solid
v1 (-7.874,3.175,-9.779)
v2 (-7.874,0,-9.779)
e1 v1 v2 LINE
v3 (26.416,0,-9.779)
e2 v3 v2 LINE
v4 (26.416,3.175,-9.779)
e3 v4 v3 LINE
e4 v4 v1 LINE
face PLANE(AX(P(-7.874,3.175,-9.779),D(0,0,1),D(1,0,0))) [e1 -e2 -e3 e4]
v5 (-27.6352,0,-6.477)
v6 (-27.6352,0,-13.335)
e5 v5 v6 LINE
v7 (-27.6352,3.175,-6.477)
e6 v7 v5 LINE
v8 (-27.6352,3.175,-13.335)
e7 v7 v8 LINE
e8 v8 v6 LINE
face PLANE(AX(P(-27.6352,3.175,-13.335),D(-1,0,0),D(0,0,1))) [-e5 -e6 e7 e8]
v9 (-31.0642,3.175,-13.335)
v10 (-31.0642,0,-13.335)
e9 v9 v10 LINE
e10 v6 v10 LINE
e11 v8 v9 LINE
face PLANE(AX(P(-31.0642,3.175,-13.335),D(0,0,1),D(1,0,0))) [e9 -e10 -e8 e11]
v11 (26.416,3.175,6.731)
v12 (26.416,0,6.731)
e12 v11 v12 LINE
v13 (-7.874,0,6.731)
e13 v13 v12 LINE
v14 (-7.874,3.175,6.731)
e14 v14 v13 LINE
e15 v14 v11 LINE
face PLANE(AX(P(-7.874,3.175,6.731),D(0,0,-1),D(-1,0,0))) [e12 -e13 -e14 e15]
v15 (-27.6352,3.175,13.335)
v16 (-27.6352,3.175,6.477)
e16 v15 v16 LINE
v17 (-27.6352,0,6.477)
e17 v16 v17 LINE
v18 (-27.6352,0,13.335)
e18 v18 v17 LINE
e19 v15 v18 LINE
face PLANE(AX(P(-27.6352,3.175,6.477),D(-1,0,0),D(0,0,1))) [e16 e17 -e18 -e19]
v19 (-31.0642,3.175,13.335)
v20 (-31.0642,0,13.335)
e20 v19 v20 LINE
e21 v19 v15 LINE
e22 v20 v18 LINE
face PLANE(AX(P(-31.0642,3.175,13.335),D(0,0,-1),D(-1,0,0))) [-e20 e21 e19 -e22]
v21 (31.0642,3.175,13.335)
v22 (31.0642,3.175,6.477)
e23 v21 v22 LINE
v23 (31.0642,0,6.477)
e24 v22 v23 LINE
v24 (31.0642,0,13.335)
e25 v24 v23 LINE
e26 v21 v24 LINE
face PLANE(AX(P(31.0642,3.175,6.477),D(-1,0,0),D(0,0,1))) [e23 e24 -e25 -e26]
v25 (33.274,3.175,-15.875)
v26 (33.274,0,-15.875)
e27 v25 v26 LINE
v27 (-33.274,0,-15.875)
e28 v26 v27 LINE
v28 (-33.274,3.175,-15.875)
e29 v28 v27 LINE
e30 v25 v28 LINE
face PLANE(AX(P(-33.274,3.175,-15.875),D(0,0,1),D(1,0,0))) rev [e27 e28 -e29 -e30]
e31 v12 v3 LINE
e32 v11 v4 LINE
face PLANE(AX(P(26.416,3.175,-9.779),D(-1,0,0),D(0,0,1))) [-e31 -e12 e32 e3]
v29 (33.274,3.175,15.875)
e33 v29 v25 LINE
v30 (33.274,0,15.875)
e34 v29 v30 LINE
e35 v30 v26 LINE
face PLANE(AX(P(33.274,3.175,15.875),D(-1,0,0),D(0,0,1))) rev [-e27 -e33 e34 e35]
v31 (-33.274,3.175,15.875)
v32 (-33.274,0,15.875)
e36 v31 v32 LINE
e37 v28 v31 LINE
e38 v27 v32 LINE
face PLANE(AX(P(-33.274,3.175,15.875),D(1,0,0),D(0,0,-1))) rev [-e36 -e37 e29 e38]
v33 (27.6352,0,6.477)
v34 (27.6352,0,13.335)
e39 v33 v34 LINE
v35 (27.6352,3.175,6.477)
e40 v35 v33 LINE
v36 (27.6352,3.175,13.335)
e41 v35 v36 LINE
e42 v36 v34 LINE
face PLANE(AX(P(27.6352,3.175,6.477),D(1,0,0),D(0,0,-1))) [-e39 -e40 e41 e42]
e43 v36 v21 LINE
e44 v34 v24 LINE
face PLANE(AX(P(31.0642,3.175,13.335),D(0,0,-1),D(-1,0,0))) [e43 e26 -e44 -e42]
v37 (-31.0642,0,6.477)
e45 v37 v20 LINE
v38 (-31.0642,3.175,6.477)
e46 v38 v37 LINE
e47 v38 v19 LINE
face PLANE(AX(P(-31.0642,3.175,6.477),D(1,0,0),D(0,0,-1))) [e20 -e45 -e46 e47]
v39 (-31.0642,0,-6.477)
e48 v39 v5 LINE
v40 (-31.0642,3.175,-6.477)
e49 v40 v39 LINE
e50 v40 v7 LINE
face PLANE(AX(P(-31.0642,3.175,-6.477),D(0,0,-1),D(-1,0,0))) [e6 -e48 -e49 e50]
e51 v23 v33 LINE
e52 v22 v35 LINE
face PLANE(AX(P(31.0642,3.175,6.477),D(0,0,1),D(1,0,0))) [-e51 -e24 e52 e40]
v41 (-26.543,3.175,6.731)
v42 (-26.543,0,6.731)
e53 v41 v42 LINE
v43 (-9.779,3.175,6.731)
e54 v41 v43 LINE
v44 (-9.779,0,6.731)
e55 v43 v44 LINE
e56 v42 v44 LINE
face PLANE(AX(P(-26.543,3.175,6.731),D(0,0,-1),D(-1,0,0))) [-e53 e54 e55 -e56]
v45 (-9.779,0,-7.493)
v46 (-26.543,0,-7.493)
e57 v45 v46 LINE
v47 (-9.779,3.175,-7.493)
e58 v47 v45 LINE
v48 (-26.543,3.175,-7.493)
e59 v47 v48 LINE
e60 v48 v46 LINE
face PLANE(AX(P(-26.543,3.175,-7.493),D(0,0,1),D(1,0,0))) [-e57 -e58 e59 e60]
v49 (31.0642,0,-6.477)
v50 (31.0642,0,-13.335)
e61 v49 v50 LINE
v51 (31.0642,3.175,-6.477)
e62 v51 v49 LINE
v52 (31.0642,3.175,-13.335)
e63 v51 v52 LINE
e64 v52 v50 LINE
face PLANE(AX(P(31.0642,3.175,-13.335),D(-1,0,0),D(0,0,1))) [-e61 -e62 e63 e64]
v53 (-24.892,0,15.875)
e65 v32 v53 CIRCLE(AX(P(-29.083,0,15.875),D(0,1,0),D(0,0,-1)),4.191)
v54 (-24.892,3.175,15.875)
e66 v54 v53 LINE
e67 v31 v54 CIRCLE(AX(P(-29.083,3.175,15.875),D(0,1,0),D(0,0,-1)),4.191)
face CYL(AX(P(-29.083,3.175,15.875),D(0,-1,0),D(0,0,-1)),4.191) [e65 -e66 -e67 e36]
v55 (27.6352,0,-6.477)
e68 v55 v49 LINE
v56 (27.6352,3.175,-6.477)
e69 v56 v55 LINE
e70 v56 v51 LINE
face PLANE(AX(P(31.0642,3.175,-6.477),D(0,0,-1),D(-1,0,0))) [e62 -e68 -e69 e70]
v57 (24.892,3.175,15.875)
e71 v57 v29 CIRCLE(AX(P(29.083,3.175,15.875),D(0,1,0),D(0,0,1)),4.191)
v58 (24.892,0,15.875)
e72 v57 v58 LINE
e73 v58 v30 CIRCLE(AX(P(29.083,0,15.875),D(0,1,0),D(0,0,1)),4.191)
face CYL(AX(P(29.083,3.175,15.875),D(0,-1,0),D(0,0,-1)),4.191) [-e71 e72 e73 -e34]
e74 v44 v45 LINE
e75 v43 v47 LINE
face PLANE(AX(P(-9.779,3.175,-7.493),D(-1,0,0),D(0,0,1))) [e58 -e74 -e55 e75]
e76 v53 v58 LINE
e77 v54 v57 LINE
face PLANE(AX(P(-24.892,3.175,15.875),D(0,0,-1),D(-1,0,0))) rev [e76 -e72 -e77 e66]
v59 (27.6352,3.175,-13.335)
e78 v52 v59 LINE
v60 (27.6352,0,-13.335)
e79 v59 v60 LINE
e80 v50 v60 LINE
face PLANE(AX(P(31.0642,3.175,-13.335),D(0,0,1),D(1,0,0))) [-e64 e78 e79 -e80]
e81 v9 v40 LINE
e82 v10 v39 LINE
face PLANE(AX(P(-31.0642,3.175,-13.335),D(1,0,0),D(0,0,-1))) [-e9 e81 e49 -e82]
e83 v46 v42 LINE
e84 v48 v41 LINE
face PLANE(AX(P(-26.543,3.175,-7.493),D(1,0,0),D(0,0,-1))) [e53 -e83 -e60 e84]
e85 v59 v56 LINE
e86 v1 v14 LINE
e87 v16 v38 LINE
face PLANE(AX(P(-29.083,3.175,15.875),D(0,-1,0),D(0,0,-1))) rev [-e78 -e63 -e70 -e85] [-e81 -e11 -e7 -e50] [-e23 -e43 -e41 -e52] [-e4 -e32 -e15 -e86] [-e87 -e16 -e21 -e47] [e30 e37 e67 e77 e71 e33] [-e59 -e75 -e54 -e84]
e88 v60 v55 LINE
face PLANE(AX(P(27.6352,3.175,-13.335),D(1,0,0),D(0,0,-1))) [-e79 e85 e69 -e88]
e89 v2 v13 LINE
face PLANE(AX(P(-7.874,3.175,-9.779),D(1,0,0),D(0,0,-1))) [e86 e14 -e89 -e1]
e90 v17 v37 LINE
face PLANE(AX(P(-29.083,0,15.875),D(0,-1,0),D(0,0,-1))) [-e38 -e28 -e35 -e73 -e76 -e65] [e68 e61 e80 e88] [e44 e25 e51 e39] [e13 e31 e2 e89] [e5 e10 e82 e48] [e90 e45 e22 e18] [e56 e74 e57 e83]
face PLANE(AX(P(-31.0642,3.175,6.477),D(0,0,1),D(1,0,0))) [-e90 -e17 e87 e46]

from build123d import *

# Parameters (mm, degrees)
SKETCH1_W           = 3.429
SKETCH1_H           = 6.858
SKETCH1_W_2         = 34.29
SKETCH1_H_2         = 16.51
SKETCH1_W_3         = 16.764
SKETCH1_H_3         = 14.224
BOSS_EXTRUDE1_DEPTH = 3.175


with BuildPart() as part:
    # Sketch1 → Boss-Extrude1 (new body)
    with BuildSketch(Plane(origin=(0, 0, 0), x_dir=(1, 0, 0), z_dir=(0, 1, 0))):
        with BuildLine():
            Line((-24.892, -15.875), (24.892, -15.875))
            ThreePointArc((24.892, -15.875), (29.083, -20.066), (33.274, -15.875))
            Line((33.274, -15.875), (33.274, 15.875))
            Line((33.274, 15.875), (-33.274, 15.875))
            Line((-33.274, 15.875), (-33.274, -15.875))
            ThreePointArc((-33.274, -15.875), (-29.083, -20.066), (-24.892, -15.875))
        make_face()
        with Locations((29.3497, 9.906)):
            Rectangle(SKETCH1_W, SKETCH1_H, mode=Mode.SUBTRACT)
        with Locations((29.3497, -9.906)):
            Rectangle(SKETCH1_W, SKETCH1_H, mode=Mode.SUBTRACT)
        with Locations((-29.3497, -9.906)):
            Rectangle(SKETCH1_W, SKETCH1_H, mode=Mode.SUBTRACT)
        with Locations((-29.3497, 9.906)):
            Rectangle(SKETCH1_W, SKETCH1_H, mode=Mode.SUBTRACT)
        with Locations((9.271, 1.524)):
            Rectangle(SKETCH1_W_2, SKETCH1_H_2, mode=Mode.SUBTRACT)
        with Locations((-18.161, 0.381)):
            Rectangle(SKETCH1_W_3, SKETCH1_H_3, mode=Mode.SUBTRACT)
    extrude(amount=BOSS_EXTRUDE1_DEPTH)


solid = part.part
